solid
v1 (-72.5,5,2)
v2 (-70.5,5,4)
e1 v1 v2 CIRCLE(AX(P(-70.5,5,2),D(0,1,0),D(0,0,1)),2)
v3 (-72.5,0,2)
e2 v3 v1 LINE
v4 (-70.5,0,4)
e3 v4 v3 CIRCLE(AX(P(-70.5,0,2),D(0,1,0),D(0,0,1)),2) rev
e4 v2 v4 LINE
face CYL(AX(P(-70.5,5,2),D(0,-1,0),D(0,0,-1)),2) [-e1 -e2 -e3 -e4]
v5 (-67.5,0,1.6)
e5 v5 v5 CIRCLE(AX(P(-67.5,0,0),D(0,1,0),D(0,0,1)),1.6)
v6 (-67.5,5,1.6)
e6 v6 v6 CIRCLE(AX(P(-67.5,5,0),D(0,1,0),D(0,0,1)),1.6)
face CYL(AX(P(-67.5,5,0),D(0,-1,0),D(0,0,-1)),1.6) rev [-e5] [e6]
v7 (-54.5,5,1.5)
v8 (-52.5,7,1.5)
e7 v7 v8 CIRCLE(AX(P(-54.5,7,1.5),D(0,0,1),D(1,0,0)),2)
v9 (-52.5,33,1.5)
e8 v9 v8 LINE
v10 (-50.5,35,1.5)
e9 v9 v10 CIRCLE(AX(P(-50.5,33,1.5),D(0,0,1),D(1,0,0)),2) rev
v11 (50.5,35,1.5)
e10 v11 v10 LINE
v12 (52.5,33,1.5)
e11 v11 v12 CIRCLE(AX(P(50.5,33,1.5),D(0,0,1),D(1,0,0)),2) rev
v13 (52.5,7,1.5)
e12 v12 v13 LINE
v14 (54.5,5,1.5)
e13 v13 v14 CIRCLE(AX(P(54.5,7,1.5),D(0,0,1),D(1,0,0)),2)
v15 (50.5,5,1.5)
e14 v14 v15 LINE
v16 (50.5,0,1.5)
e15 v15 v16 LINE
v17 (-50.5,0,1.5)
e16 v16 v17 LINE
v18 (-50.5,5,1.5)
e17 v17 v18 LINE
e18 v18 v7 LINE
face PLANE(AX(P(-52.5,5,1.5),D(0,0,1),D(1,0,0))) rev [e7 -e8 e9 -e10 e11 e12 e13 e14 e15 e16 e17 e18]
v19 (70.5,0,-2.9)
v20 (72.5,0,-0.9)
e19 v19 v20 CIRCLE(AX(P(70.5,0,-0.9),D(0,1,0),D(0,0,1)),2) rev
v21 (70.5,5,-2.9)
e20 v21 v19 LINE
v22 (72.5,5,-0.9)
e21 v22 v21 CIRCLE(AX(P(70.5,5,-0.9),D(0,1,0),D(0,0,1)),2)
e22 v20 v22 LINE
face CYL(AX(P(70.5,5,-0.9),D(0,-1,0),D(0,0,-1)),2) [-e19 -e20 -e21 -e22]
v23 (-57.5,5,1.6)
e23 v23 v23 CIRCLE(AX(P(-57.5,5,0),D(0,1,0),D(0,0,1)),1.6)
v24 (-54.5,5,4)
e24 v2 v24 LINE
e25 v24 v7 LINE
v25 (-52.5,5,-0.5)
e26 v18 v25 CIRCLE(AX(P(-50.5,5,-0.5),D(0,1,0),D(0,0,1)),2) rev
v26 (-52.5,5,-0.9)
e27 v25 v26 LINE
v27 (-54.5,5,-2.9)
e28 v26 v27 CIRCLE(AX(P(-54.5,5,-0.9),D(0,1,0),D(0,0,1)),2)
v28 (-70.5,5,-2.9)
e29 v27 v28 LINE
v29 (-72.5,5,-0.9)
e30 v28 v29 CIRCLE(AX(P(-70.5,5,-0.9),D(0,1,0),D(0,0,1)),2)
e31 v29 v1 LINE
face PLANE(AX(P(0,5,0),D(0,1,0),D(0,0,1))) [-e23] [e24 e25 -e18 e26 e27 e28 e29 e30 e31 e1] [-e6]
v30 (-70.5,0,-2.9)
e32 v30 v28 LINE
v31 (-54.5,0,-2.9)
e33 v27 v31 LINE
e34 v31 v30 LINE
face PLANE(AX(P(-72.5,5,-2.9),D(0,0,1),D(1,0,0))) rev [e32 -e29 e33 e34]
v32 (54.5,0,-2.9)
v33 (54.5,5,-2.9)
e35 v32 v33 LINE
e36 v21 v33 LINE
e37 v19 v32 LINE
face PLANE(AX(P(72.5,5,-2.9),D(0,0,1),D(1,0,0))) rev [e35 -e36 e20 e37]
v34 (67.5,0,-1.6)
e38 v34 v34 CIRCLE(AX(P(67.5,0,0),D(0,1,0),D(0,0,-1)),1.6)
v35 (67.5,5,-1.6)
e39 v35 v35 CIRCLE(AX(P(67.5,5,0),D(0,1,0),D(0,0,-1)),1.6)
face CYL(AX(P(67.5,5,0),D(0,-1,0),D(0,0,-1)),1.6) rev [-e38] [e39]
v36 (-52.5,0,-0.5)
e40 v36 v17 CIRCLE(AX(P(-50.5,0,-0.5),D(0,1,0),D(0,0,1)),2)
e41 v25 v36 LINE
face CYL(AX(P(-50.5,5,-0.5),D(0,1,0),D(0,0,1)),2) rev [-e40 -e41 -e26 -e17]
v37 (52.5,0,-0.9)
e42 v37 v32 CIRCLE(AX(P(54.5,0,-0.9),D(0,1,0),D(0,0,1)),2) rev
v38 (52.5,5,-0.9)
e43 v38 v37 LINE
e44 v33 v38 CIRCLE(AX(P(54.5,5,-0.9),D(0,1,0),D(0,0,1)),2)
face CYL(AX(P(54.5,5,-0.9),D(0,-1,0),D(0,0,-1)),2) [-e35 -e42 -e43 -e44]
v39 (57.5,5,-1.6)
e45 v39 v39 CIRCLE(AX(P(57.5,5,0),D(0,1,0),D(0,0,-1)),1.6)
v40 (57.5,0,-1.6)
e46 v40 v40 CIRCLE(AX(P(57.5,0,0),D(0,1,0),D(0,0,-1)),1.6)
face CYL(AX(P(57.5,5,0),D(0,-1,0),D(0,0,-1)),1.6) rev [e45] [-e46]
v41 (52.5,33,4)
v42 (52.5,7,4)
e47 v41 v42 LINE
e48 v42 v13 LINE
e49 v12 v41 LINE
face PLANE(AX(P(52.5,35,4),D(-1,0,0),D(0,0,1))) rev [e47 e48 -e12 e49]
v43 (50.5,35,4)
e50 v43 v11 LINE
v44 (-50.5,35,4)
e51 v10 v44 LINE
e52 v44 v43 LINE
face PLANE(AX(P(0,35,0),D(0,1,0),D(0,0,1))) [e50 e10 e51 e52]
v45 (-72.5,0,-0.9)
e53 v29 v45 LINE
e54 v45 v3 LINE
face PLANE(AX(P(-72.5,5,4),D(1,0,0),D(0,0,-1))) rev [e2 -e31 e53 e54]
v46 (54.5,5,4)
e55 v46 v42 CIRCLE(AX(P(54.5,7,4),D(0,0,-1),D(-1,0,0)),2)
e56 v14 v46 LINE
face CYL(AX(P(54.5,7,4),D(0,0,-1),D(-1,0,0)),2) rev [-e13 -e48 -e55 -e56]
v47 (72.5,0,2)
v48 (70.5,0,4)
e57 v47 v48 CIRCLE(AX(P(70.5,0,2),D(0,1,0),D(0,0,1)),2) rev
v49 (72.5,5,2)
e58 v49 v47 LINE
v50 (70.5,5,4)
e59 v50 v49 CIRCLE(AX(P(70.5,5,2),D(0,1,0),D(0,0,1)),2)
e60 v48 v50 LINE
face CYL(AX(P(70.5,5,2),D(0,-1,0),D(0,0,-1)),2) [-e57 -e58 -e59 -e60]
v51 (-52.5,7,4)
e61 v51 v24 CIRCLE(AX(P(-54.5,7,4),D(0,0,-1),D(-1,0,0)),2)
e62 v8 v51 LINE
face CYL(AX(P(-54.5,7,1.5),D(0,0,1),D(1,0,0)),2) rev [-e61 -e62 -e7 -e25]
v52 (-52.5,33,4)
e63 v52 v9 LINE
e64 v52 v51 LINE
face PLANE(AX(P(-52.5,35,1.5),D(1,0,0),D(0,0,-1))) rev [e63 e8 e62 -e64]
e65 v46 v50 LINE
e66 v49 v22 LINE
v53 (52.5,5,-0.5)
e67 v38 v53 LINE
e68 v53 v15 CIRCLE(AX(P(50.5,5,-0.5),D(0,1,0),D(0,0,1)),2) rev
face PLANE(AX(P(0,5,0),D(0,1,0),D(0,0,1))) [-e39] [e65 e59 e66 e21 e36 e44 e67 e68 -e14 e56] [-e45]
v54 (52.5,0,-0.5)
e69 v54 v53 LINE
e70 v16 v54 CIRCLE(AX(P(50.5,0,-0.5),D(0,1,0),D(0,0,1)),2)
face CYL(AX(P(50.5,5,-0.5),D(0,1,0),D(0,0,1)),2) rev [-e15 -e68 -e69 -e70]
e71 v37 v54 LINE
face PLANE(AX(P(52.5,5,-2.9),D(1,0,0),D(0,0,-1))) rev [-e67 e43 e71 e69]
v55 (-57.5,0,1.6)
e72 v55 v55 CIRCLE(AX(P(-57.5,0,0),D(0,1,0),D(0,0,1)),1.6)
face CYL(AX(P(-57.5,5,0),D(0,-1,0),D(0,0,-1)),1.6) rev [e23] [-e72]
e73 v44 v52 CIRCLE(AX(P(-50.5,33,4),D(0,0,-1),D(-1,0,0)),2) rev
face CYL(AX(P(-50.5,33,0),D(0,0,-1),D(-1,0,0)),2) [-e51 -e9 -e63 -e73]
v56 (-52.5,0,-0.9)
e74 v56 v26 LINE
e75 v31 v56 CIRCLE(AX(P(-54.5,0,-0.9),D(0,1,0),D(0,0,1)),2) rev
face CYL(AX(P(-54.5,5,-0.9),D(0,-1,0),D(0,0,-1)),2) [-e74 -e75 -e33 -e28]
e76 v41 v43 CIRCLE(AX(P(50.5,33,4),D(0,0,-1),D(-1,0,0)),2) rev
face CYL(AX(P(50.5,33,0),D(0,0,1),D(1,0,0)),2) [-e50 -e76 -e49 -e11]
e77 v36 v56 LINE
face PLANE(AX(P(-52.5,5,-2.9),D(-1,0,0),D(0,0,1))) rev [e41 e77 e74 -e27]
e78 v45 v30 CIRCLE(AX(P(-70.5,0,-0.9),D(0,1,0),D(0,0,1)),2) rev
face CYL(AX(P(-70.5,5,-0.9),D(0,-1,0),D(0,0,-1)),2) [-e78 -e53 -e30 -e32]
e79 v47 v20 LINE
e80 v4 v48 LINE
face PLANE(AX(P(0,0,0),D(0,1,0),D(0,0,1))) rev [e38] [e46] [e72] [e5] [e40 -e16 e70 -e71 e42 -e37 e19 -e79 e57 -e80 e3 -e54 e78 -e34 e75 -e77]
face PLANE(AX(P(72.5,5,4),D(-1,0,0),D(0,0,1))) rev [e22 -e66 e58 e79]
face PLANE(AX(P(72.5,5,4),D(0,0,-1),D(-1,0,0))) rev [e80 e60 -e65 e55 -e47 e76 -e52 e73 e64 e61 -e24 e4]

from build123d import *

# Parameters (mm, degrees)
SKETCH_1_R      = 1.6
EXTRUDE_1_DEPTH = 5
SKETCH_2_W      = 105
SKETCH_2_H      = 2.5
EXTRUDE_2_DEPTH = 30
FILLET_4_R      = 2
FILLET_5_R      = 2


with BuildPart() as part:
    # 草图1 → 凸台-拉伸1 (new body)
    with BuildSketch(Plane(origin=(0, 0, 0), x_dir=(1, 0, 0), z_dir=(0, 1, 0))):
        Polygon((72.5, -4), (-72.5, -4), (-72.5, 2.9), (-52.5, 2.9), (-52.5, -1.5), (52.5, -1.5), (52.5, 2.9), (72.5, 2.9), align=None)
        with Locations(Location((-67.5, 0, 0), (0, 0, 270))):
            Circle(SKETCH_1_R, mode=Mode.SUBTRACT)
        with Locations(Location((-57.5, 0, 0), (0, 0, 270))):
            Circle(SKETCH_1_R, mode=Mode.SUBTRACT)
        with Locations(Location((67.5, 0, 0), (0, 0, 90))):
            Circle(SKETCH_1_R, mode=Mode.SUBTRACT)
        with Locations(Location((57.5, 0, 0), (0, 0, 90))):
            Circle(SKETCH_1_R, mode=Mode.SUBTRACT)
    extrude(amount=EXTRUDE_1_DEPTH)

    # 草图2 → 凸台-拉伸2 (add)
    with BuildSketch(Plane(origin=(0, 5, 0), x_dir=(1, 0, 0), z_dir=(0, 1, 0))):
        with Locations((0, -2.75)):
            Rectangle(SKETCH_2_W, SKETCH_2_H)
    extrude(amount=EXTRUDE_2_DEPTH)

    # 圆角4
    fillet_4_edges = [part.edges().sort_by_distance(p)[0] for p in [
        (72.5, 2.5, 4),
        (-72.5, 2.5, 4),
        (72.5, 2.5, -2.9),
        (-72.5, 2.5, -2.9),
        (52.5, 2.5, -2.9),
        (-52.5, 2.5, -2.9),
        (-52.5, 2.5, 1.5),
        (52.5, 2.5, 1.5),
        (52.5, 35, 2.75),
        (-52.5, 35, 2.75),
    ]]
    fillet(fillet_4_edges, radius=FILLET_4_R)

    # 圆角5
    fillet_5_edges = [part.edges().sort_by_distance(p)[0] for p in [
        (-52.5, 5, 2.75),
        (52.5, 5, 2.75),
    ]]
    fillet(fillet_5_edges, radius=FILLET_5_R)


solid = part.part
